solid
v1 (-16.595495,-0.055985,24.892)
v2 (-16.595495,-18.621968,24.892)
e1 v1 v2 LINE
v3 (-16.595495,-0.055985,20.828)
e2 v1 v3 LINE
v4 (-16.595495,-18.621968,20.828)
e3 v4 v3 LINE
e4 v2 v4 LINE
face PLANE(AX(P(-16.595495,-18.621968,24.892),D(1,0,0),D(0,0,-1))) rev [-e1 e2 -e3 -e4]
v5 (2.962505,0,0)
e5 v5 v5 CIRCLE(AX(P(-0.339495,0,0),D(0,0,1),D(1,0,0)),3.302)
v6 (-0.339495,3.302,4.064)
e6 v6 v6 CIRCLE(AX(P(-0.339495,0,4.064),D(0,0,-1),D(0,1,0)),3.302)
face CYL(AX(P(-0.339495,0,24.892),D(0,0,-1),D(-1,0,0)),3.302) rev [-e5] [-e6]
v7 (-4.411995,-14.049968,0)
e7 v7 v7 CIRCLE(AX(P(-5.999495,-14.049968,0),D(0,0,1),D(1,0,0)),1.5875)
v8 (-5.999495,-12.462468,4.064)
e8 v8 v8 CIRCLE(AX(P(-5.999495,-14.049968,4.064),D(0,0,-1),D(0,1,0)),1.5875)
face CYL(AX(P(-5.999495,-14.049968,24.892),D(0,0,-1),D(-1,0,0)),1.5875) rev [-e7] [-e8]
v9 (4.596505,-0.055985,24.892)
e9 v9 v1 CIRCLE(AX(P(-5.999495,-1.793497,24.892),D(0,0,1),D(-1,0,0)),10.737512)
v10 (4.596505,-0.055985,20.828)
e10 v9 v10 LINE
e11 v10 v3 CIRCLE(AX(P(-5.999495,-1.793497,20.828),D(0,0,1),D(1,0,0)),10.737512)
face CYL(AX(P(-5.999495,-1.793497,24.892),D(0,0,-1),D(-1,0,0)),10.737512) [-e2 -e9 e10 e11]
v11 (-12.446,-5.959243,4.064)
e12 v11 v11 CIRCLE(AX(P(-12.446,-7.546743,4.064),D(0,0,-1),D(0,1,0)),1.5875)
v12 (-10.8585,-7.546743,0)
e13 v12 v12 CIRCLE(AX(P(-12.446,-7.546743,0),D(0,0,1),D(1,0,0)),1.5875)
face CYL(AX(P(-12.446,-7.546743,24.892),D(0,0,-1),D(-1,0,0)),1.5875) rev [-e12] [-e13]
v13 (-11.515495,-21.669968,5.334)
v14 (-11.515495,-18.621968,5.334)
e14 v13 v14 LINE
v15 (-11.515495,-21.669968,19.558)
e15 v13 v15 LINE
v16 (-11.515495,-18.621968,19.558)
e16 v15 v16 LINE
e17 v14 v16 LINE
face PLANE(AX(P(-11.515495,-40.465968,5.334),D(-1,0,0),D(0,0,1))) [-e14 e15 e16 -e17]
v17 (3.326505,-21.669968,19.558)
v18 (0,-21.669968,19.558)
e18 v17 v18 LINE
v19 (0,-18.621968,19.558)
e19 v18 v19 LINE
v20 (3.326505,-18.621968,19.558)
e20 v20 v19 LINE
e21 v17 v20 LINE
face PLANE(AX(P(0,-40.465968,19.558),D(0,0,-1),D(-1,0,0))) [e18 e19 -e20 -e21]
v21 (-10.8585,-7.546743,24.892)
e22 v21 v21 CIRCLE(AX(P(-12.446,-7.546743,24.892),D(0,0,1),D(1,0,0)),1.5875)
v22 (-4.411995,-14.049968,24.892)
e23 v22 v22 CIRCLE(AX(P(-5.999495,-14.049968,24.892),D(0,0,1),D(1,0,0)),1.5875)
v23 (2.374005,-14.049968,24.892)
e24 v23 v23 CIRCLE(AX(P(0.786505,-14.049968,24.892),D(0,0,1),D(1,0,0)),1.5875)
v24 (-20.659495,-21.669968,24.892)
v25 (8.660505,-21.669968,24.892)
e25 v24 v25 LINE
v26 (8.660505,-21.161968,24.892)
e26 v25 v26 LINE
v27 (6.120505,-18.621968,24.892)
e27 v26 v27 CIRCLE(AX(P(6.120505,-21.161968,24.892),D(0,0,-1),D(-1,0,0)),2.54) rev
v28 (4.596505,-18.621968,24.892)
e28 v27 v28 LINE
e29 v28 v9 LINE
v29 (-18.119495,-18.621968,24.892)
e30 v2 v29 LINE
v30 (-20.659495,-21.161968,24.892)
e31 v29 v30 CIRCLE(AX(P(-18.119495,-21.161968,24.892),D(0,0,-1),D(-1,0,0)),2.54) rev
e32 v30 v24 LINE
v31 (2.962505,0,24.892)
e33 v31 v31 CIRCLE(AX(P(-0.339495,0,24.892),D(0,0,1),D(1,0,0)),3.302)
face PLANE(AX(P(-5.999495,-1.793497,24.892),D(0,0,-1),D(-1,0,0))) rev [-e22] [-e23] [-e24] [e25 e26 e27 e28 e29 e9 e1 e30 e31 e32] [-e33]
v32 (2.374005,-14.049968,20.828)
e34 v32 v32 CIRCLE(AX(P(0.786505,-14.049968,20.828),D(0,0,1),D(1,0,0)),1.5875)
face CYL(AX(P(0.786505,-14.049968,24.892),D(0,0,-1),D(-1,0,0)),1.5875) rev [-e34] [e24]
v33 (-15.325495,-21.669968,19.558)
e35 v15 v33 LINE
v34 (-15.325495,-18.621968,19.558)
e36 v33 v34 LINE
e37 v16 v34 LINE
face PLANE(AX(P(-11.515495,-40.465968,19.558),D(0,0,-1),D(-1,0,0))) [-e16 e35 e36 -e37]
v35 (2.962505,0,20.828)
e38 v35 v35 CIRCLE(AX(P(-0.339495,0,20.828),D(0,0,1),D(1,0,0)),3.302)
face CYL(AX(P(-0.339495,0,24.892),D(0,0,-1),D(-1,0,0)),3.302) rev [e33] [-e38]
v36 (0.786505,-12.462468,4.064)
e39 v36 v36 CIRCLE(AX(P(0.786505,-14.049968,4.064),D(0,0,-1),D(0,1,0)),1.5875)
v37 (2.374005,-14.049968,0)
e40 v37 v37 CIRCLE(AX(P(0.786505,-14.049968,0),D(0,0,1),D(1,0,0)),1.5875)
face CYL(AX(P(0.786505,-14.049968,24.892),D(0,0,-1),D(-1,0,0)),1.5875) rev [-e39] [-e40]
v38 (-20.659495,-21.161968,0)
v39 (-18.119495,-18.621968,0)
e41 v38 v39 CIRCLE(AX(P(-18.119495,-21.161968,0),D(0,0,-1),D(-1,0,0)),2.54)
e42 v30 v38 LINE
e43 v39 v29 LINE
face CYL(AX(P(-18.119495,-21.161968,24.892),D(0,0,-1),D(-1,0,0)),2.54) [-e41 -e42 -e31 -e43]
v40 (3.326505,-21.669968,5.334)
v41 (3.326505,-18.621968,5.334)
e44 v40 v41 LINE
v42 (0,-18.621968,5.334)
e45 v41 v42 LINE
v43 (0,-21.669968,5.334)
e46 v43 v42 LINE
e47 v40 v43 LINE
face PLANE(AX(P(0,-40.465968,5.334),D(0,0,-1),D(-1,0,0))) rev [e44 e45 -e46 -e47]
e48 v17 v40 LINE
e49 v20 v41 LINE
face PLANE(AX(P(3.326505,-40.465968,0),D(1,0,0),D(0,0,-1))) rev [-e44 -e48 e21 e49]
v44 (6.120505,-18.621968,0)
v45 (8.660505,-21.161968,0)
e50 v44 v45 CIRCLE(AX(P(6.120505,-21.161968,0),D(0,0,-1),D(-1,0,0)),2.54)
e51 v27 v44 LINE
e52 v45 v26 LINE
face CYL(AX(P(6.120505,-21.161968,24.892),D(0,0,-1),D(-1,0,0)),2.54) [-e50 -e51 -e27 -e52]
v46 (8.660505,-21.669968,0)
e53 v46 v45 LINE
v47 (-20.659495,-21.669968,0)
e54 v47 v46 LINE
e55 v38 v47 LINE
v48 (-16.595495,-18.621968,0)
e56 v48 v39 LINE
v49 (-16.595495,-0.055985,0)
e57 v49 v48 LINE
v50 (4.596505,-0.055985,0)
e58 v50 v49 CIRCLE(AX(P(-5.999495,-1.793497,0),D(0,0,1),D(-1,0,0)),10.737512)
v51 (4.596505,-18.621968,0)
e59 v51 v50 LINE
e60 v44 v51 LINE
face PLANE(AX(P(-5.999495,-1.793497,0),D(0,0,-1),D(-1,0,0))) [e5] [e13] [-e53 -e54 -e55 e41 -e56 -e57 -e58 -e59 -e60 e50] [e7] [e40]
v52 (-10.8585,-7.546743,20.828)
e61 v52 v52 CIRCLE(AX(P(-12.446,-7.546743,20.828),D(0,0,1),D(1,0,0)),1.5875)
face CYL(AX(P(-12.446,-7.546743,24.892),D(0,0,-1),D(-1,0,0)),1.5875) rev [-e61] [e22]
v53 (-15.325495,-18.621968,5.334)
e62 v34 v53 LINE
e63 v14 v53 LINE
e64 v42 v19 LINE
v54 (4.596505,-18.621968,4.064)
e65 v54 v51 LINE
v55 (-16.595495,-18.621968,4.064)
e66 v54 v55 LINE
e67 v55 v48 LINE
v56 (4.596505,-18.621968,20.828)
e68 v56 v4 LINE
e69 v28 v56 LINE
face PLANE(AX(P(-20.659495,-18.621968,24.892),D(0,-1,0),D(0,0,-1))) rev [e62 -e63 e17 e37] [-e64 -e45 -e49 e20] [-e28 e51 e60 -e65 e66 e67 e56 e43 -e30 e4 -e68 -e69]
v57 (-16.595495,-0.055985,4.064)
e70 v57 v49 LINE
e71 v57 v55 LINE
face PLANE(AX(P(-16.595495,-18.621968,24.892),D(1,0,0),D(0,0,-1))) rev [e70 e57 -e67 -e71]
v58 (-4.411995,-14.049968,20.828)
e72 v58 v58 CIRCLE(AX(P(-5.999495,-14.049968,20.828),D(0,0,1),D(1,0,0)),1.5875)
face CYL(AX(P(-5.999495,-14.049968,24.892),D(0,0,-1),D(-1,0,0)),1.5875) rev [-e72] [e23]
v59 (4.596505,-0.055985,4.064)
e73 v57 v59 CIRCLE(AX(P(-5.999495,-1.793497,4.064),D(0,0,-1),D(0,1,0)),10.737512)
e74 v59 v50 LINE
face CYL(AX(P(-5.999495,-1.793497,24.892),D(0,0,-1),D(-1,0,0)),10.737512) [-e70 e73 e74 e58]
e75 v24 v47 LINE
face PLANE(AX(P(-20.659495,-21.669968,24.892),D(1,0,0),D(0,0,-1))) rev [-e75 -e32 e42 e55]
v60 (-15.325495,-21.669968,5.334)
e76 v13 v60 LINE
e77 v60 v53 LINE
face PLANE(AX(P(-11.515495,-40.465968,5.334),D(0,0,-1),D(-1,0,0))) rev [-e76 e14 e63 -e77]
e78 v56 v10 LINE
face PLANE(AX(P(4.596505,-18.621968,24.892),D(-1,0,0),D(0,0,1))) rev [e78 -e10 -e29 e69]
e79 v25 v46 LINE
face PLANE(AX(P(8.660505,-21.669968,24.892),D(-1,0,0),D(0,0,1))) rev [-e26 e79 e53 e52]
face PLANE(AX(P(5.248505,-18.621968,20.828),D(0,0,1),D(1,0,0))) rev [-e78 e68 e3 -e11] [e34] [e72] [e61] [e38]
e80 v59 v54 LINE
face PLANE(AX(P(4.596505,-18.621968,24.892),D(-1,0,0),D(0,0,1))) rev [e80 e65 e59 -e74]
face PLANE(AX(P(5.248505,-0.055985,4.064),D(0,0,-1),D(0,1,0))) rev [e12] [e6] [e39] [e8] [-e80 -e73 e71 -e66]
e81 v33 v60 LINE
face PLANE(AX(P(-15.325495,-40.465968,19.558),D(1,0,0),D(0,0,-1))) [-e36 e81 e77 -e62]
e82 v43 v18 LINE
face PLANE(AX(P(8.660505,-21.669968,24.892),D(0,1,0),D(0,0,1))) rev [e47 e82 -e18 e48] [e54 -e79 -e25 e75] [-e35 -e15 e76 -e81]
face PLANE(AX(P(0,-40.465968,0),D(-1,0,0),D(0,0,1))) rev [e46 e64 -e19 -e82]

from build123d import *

# Parameters (mm, degrees)
SKETCH2_R           = 1.5875
SKETCH2_R_2         = 3.302
BOSS_EXTRUDE1_DEPTH = 24.892
CUT_EXTRUDE2_DEPTH  = 21.844
SKETCH4_W           = 3.326504507
SKETCH4_H           = 14.224
SKETCH4_W_2         = 3.81
CUT_EXTRUDE3_DEPTH  = 21.844
FILLET1_R           = 2.54


with BuildPart() as part:
    # Sketch2 → Boss-Extrude1 (new body)
    with BuildSketch(Plane.XY):
        with BuildLine():
            Line((8.660504507, -21.669967929), (-20.659495493, -21.669967929))
            Line((-20.659495493, -21.669967929), (-20.659495493, -18.621967929))
            Line((-20.659495493, -18.621967929), (-16.595495493, -18.621967929))
            Line((-16.595495493, -18.621967929), (-16.595495493, -0.055984768))
            ThreePointArc((-16.595495493, -0.055984768), (-5.999495493, 8.944015232), (4.596504507, -0.055984768))
            Line((4.596504507, -0.055984768), (4.596504507, -18.621967929))
            Line((4.596504507, -18.621967929), (8.660504507, -18.621967929))
            Line((8.660504507, -18.621967929), (8.660504507, -21.669967929))
        make_face()
        with Locations((-12.446, -7.546743134)):
            Circle(SKETCH2_R, mode=Mode.SUBTRACT)
        with Locations((-0.339495493, 0)):
            Circle(SKETCH2_R_2, mode=Mode.SUBTRACT)
        with Locations((-5.999495493, -14.049967929)):
            Circle(SKETCH2_R, mode=Mode.SUBTRACT)
        with Locations((0.786504507, -14.049967929)):
            Circle(SKETCH2_R, mode=Mode.SUBTRACT)
    extrude(amount=BOSS_EXTRUDE1_DEPTH)

    # Sketch3 → Cut-Extrude2 (cut)
    with BuildSketch(Plane.ZY.offset(16.595495493)):
        Polygon((20.828, -18.621967929), (20.828, 11.195500081), (4.064, 11.195500081), (4.064, -0.055984768), (4.064, -18.621967929), align=None)
    extrude(amount=-CUT_EXTRUDE2_DEPTH, mode=Mode.SUBTRACT)

    # Sketch4 → Cut-Extrude3 (cut)
    with BuildSketch(Plane(origin=(0, -18.621967929, 0), x_dir=(1, 0, 0), z_dir=(0, 1, 0))):
        with Locations((1.663252254, -12.446)):
            Rectangle(SKETCH4_W, SKETCH4_H)
        with Locations((-13.420495493, -12.446)):
            Rectangle(SKETCH4_W_2, SKETCH4_H)
    extrude(amount=-CUT_EXTRUDE3_DEPTH, mode=Mode.SUBTRACT)

    # Fillet1
    fillet1_edges = [part.edges().sort_by_distance(p)[0] for p in [
        (-20.659495493, -18.621967929, 12.446),
        (8.660504507, -18.621967929, 12.446),
    ]]
    fillet(fillet1_edges, radius=FILLET1_R)


solid = part.part
